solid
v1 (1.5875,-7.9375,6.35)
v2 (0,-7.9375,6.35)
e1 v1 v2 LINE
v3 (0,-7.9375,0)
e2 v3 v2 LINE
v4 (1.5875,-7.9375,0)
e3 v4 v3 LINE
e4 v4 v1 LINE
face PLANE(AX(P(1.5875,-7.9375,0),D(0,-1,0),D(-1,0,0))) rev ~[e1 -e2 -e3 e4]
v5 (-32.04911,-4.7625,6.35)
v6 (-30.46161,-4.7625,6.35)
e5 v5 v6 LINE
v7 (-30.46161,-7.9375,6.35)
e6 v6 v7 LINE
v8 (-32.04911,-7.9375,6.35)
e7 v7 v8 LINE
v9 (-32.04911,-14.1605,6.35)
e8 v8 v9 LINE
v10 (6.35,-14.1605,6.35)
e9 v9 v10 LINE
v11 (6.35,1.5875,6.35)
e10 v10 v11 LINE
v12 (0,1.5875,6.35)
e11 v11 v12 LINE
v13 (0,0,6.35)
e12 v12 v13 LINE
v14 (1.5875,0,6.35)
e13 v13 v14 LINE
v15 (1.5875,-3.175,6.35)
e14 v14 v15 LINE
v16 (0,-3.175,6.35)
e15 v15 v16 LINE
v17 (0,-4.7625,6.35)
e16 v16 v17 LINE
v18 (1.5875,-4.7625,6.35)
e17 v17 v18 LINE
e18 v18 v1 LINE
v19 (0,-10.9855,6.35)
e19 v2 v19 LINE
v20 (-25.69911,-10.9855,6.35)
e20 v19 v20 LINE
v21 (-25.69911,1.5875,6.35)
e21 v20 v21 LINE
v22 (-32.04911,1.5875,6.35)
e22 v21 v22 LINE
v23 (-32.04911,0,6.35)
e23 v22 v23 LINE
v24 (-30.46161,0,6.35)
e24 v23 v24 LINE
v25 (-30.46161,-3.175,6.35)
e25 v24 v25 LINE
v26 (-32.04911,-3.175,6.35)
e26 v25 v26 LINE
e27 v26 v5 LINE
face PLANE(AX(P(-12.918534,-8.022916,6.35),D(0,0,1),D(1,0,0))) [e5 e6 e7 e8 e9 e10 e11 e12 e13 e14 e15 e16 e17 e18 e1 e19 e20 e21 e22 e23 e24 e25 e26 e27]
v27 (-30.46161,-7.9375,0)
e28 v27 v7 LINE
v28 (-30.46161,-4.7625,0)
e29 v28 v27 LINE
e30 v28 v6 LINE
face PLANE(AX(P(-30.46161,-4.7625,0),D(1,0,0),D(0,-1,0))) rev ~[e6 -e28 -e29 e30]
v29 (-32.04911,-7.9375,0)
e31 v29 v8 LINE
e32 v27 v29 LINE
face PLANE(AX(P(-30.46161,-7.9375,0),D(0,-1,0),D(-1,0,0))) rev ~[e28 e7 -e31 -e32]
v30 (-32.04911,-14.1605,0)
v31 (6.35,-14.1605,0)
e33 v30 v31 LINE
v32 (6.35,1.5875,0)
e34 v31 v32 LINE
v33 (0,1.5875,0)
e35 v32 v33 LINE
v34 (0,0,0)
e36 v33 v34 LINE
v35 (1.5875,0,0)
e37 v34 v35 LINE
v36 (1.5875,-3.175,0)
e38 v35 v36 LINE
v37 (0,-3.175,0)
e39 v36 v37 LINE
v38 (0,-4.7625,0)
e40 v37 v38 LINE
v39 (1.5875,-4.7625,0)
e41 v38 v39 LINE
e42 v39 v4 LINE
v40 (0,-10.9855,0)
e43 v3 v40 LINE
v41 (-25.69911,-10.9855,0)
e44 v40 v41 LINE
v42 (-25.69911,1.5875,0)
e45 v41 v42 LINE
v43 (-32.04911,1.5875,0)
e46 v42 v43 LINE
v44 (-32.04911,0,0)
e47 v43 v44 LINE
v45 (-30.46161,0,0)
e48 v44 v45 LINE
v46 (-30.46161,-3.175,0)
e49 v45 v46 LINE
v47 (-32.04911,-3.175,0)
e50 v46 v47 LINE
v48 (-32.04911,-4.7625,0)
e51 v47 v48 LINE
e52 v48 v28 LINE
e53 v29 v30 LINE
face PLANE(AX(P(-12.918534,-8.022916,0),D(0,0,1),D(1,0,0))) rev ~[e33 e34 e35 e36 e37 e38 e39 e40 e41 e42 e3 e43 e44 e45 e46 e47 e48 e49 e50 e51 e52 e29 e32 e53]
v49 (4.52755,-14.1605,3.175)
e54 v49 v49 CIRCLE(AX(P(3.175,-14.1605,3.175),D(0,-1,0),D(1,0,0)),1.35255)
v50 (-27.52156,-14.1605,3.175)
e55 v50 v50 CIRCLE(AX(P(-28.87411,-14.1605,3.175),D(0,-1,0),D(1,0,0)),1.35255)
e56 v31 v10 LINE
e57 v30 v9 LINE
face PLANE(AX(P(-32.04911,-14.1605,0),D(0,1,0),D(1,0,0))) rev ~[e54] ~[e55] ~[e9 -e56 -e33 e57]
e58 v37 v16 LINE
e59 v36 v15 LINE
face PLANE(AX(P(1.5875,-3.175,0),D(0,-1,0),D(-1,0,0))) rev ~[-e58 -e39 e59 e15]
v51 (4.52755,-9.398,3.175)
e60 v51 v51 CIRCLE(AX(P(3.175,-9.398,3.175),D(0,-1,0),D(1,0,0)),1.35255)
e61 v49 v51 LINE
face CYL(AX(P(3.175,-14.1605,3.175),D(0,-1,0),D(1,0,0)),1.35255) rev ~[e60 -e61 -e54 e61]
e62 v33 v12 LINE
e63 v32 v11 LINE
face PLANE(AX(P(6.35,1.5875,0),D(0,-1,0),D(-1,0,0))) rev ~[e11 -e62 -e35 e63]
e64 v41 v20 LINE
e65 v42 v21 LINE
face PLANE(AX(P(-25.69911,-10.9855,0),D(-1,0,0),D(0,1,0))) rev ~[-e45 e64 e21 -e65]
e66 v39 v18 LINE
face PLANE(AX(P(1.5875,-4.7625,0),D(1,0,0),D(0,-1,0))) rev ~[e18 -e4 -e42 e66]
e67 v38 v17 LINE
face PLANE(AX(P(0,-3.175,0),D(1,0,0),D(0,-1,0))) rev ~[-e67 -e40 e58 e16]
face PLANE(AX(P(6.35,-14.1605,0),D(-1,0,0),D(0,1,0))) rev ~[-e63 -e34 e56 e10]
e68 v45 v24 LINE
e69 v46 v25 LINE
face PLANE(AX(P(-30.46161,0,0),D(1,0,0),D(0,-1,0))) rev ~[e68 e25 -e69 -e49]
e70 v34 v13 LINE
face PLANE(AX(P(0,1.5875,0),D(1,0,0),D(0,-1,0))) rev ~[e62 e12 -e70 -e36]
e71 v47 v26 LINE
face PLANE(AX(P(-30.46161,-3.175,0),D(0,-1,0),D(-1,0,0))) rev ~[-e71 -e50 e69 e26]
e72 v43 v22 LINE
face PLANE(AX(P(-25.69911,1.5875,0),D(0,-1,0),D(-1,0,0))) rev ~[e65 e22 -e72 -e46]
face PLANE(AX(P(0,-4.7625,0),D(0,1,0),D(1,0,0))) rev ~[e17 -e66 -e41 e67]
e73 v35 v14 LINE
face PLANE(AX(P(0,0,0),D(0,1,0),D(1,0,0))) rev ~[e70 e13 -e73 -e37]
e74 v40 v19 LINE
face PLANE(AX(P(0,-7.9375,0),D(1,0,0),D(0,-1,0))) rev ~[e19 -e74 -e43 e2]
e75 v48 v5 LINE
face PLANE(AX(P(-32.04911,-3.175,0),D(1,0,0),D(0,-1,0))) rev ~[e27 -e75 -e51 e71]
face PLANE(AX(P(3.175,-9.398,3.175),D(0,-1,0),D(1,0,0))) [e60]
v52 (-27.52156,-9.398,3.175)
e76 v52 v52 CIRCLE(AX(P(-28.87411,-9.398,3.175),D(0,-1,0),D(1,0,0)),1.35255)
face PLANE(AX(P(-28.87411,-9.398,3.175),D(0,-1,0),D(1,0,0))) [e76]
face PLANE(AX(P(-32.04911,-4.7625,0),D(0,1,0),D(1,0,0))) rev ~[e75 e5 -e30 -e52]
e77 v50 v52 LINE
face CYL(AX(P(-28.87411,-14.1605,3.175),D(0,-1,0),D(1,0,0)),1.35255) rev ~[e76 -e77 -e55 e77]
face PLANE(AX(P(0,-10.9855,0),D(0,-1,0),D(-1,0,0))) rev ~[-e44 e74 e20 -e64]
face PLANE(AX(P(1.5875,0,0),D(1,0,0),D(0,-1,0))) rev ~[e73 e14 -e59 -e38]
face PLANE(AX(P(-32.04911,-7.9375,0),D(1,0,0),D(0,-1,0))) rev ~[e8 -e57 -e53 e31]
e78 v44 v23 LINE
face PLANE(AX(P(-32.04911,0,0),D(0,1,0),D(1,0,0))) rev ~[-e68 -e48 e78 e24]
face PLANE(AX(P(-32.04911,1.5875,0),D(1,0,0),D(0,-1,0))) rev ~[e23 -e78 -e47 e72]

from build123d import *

# Parameters (mm, degrees)
F1_DEPTH = 6.35
F2_R     = 1.35255
F3_DEPTH = 4.7625


with BuildPart() as f1:
    # F0 (on Top) → F1 (new body)
    with BuildSketch(Plane.XY):
        Polygon((0, 1.5875), (0, 0), (1.5875, 0), (1.5875, -3.175), (0, -3.175), (0, -4.7625), (1.5875, -4.7625), (1.5875, -7.9375), (0, -7.9375), (0, -10.9855), (-25.69911, -10.9855), (-25.69911, 1.5875), (-32.04911, 1.5875), (-32.04911, 0), (-30.46161, 0), (-30.46161, -3.175), (-32.04911, -3.175), (-32.04911, -4.7625), (-30.46161, -4.7625), (-30.46161, -7.9375), (-32.04911, -7.9375), (-32.04911, -14.1605), (6.35, -14.1605), (6.35, 1.5875), align=None)
    extrude(amount=F1_DEPTH)

    # F2 (on face) → F3 (cut)
    with BuildSketch(Plane.XZ.offset(14.1605)):
        with Locations((-28.87411, 3.175)):
            Circle(F2_R)
        with Locations((3.175, 3.175)):
            Circle(F2_R)
    extrude(amount=-F3_DEPTH, mode=Mode.SUBTRACT)


solid = f1.part
